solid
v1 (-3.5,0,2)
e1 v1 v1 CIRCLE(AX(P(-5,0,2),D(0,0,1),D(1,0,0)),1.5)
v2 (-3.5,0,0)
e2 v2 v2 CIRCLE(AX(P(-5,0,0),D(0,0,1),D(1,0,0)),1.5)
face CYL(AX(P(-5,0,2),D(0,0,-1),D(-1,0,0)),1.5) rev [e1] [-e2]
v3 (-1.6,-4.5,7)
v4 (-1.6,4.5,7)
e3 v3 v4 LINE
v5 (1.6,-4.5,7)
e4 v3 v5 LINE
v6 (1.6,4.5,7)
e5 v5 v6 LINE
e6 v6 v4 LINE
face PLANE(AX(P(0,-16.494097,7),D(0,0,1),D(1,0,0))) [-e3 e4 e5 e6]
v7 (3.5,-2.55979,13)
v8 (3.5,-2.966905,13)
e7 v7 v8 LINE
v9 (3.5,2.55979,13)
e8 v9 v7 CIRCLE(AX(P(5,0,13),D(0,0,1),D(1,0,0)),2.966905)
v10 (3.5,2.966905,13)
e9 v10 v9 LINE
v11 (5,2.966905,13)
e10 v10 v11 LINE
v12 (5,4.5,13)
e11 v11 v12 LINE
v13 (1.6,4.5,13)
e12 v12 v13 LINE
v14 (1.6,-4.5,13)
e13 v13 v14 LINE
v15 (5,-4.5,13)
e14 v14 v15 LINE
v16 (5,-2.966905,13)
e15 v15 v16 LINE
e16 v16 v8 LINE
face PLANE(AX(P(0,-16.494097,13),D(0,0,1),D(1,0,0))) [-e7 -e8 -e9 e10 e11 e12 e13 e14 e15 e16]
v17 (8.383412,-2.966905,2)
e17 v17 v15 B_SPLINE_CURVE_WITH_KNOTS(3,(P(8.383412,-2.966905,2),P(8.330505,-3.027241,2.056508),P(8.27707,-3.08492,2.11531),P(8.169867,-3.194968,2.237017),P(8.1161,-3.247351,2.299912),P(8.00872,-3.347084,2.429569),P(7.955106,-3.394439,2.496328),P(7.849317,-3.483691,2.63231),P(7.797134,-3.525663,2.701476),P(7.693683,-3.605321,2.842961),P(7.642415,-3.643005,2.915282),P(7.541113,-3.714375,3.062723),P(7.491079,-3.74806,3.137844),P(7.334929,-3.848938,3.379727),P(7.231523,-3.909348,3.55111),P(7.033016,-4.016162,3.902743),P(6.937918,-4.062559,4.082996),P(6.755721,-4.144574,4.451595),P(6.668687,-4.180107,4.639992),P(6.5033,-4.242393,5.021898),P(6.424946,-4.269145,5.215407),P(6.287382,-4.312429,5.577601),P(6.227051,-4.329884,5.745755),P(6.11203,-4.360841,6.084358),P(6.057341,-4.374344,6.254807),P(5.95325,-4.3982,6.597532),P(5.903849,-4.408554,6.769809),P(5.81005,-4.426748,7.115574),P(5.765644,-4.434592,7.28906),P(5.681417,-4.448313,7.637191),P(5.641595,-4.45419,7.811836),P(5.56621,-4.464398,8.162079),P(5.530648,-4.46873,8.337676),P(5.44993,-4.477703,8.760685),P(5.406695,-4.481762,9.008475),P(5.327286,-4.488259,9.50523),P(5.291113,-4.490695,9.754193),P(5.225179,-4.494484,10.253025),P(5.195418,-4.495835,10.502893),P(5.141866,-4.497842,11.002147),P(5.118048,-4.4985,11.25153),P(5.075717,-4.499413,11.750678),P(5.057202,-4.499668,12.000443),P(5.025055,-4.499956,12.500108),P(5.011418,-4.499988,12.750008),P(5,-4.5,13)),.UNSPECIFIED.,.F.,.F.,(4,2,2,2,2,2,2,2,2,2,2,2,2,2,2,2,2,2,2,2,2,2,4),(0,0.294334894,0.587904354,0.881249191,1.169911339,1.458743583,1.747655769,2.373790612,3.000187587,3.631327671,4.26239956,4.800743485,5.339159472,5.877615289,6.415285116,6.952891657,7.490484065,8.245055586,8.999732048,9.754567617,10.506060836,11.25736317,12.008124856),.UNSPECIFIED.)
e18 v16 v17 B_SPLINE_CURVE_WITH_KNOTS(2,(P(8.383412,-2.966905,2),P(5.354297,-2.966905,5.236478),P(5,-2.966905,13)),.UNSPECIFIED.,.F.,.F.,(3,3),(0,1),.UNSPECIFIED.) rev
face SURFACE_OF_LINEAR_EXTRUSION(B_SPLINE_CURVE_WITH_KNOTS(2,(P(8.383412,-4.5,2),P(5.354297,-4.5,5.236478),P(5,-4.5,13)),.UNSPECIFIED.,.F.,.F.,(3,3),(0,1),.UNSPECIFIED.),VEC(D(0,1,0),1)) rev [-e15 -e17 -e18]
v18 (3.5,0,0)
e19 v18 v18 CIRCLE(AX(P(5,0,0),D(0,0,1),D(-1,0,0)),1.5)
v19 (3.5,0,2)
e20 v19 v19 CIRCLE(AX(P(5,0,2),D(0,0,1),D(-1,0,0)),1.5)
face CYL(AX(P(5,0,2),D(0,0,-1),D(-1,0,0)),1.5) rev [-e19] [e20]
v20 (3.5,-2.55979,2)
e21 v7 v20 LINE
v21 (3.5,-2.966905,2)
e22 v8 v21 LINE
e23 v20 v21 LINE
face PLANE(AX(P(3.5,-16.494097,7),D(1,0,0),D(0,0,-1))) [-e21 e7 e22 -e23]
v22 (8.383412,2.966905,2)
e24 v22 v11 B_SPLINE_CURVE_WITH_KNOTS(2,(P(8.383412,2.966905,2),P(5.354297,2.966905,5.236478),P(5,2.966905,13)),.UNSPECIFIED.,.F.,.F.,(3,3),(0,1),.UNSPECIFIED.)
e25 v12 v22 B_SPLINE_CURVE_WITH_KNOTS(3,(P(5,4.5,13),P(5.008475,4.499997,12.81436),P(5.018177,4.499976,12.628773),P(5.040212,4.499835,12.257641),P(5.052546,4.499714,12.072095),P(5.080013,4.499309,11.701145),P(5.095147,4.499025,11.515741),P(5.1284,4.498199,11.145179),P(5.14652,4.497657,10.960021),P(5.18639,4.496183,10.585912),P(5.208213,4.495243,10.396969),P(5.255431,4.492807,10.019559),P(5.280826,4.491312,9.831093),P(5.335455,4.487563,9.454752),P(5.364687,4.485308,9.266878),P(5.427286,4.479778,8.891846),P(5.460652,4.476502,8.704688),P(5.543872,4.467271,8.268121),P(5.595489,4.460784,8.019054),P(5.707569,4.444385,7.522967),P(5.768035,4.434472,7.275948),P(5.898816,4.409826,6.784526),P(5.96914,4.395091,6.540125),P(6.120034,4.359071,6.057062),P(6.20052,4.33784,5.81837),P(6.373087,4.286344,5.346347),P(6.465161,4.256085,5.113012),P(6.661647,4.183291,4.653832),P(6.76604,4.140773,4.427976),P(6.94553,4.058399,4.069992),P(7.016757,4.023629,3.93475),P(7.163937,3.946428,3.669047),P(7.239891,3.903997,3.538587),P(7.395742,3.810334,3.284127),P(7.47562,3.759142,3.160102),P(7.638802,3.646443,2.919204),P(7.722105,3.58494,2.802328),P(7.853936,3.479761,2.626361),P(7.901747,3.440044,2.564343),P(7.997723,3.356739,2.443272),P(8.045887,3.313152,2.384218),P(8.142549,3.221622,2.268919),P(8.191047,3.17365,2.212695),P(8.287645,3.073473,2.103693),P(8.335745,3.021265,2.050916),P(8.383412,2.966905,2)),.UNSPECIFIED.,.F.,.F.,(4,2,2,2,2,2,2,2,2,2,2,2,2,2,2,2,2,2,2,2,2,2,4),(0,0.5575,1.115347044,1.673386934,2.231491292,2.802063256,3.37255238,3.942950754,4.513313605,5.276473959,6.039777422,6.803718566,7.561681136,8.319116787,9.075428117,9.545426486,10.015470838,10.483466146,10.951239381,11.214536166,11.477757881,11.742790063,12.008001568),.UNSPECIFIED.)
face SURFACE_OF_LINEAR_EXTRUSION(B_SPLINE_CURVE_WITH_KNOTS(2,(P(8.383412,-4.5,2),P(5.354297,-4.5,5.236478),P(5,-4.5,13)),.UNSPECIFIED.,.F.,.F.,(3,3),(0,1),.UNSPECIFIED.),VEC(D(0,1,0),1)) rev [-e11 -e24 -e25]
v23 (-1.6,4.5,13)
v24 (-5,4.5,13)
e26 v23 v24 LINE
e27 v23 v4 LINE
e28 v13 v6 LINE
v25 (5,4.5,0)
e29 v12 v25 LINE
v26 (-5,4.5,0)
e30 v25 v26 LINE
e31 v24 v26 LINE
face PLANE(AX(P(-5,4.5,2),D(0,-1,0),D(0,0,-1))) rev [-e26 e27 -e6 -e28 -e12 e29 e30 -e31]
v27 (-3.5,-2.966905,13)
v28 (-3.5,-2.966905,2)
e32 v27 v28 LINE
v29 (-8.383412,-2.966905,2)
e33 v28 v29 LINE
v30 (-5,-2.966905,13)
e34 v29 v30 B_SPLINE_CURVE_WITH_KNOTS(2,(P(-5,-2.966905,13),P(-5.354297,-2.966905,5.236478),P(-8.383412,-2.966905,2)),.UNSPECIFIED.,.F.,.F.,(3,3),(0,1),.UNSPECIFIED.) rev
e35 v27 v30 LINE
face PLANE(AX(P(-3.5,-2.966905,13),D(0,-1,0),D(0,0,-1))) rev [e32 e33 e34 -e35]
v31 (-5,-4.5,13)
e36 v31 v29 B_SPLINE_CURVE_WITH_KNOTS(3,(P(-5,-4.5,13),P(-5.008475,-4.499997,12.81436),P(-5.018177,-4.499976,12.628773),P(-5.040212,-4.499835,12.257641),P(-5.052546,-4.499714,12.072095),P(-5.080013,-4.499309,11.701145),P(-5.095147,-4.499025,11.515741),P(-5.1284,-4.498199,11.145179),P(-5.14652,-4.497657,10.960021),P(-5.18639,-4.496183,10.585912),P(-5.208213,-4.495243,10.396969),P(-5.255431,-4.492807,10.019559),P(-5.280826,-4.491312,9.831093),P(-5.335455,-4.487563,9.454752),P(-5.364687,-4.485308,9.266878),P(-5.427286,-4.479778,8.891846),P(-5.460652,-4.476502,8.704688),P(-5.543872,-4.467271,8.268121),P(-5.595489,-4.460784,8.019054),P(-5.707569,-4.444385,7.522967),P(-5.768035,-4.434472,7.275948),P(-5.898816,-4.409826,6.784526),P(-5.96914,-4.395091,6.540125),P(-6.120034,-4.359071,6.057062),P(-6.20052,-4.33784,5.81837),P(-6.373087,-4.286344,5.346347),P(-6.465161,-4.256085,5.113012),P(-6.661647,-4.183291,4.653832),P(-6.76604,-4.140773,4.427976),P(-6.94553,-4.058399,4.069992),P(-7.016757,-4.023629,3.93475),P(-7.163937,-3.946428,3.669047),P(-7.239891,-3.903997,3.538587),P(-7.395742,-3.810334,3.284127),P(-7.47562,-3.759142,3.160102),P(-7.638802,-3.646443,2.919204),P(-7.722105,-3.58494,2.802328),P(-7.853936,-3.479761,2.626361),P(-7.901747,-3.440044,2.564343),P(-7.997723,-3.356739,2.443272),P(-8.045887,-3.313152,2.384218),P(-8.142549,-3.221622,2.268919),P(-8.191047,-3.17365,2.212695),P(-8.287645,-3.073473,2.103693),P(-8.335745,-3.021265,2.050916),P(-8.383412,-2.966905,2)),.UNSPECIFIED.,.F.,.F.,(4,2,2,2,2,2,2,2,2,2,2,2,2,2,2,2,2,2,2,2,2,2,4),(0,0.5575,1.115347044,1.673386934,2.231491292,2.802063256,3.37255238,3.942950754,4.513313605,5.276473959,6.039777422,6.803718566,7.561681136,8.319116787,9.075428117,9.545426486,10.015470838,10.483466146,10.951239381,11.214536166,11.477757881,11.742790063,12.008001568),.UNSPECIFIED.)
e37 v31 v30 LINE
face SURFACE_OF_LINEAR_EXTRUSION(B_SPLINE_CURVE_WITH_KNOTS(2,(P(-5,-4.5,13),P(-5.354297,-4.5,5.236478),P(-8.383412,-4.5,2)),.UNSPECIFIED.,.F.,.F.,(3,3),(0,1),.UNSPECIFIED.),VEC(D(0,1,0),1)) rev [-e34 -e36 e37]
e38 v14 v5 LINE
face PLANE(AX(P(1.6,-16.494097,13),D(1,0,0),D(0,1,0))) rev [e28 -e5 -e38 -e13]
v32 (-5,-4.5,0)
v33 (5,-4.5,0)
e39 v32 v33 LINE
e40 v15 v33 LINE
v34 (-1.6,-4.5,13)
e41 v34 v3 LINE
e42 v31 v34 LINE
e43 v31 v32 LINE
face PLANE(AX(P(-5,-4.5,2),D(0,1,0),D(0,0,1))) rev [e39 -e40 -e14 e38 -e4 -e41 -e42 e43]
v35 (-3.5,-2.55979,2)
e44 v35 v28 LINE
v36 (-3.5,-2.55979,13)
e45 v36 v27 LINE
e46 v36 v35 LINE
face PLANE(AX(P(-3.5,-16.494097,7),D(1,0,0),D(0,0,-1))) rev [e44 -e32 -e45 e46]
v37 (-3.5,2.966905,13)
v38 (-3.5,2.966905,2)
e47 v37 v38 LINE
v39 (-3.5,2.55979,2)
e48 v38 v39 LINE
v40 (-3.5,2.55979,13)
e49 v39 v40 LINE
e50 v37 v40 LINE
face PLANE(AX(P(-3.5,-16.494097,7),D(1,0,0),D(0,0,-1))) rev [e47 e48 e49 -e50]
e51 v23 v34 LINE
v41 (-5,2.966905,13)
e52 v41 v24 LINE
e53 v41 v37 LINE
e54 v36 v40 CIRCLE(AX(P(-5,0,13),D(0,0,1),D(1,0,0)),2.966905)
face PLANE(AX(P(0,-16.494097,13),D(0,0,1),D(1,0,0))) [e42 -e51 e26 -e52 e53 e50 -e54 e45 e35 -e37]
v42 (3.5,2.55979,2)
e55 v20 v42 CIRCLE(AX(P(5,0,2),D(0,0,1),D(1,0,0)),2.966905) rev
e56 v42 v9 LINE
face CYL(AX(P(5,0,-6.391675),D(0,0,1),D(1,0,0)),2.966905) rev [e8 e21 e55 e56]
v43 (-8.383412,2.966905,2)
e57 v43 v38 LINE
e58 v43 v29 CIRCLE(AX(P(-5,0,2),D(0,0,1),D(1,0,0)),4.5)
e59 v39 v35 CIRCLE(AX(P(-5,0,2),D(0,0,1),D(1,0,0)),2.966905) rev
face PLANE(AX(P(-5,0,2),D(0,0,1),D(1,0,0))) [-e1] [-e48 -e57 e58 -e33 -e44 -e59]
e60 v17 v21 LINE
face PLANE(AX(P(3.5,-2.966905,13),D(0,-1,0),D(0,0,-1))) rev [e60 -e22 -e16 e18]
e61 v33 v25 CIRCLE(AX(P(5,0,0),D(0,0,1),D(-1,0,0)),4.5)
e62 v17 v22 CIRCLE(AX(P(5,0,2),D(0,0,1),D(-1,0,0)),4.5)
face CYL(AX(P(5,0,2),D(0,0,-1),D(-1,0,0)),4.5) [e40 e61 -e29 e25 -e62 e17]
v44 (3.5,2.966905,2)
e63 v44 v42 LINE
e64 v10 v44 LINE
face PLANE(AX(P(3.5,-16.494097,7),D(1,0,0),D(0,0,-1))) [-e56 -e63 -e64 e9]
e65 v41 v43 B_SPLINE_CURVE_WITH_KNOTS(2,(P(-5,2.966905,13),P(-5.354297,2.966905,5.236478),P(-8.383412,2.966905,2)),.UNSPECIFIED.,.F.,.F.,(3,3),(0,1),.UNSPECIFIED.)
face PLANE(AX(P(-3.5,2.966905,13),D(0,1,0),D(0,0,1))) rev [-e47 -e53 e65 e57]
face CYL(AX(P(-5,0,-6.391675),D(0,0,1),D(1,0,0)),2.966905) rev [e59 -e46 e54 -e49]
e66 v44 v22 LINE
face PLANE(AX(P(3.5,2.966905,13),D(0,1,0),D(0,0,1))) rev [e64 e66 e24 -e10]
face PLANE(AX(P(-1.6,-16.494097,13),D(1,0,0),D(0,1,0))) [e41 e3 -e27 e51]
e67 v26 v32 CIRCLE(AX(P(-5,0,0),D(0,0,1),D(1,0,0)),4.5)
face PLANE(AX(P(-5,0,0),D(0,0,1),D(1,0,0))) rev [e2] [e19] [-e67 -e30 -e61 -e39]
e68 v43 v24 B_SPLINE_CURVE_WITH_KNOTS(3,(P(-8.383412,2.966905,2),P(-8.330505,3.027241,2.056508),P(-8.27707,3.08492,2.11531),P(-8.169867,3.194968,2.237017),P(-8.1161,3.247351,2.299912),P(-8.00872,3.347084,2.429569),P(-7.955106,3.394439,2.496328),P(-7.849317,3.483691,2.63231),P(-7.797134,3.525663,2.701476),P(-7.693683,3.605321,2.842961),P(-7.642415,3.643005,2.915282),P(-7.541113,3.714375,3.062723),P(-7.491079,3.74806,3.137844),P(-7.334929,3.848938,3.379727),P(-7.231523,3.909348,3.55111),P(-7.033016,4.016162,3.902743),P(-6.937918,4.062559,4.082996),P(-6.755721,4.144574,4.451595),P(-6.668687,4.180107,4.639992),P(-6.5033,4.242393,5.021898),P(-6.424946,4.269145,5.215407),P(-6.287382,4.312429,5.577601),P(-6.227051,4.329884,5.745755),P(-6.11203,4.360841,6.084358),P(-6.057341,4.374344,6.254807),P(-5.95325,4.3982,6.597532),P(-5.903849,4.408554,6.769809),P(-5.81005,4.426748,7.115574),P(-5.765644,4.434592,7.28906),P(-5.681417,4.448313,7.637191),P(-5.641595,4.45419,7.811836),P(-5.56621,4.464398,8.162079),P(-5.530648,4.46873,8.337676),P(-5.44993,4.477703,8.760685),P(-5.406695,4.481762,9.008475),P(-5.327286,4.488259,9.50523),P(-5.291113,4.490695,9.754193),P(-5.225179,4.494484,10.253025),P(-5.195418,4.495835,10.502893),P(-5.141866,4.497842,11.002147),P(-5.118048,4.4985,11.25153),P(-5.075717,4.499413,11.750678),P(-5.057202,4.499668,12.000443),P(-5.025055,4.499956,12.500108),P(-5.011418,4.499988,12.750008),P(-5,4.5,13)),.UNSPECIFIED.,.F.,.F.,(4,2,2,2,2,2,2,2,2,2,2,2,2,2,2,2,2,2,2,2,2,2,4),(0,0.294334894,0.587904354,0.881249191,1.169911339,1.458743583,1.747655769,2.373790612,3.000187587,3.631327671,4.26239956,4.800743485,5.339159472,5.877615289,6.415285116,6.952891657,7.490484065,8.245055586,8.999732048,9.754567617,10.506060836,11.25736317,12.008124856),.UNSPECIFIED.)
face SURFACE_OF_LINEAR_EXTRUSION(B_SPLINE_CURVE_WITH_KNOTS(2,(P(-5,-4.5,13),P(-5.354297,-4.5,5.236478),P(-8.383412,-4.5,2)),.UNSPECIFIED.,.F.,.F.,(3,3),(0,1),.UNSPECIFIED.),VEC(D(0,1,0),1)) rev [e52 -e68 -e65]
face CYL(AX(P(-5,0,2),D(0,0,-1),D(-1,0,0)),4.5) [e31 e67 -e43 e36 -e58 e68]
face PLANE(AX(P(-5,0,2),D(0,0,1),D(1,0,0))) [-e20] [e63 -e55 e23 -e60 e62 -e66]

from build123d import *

# Parameters (mm, degrees)
SKETCH1_R               = 1.5
BOSS_EXTRUDE1_DEPTH     = 2
SKETCH2_W               = 7
SKETCH2_H               = 9
BOSS_EXTRUDE2_DEPTH     = 5
SKETCH2_3_W             = 1.9
SKETCH2_3_H             = 9
BOSS_EXTRUDE3_DEPTH     = 11
BOSS_EXTRUDE4_DEPTH     = 11
CUT_EXTRUDE1_DEPTH      = 17.718253497
CUT_EXTRUDE1_DEPTH_BACK = 17.718253497
SKETCH5_R               = 2.966905055
CUT_EXTRUDE2_DEPTH      = 11


with BuildPart() as part:
    # Sketch1 → Boss-Extrude1 (new body)
    with BuildSketch(Plane.XY):
        with BuildLine():
            Line((-5, 4.5), (5, 4.5))
            ThreePointArc((5, 4.5), (9.5, 0), (5, -4.5))
            Line((5, -4.5), (-5, -4.5))
            ThreePointArc((-5, -4.5), (-9.5, 0), (-5, 4.5))
        make_face()
        with Locations((-5, 0)):
            Circle(SKETCH1_R, mode=Mode.SUBTRACT)
        with Locations(Location((5, 0, 0), (0, 0, 180))):
            Circle(SKETCH1_R, mode=Mode.SUBTRACT)
    extrude(amount=BOSS_EXTRUDE1_DEPTH)

    # Sketch2 → Boss-Extrude2 (add)
    with BuildSketch(Plane.XY.offset(2)):
        Rectangle(SKETCH2_W, SKETCH2_H)
    extrude(amount=BOSS_EXTRUDE2_DEPTH)

    # Sketch2<3> → Boss-Extrude3 (add)
    with BuildSketch(Plane.XY.offset(2)):
        with Locations((-2.55, 0)):
            Rectangle(SKETCH2_3_W, SKETCH2_3_H)
        with Locations((2.55, 0)):
            Rectangle(SKETCH2_3_W, SKETCH2_3_H)
    extrude(amount=BOSS_EXTRUDE3_DEPTH)

    # Sketch3 → Boss-Extrude4 (add)
    with BuildSketch(Plane.XY.offset(2)):
        with BuildLine():
            Line((-3.5, 4.5), (-5, 4.5))
            ThreePointArc((-5, 4.5), (-6.85727317, 4.098845737), (-8.38341165, 2.966905055))
            Line((-8.38341165, 2.966905055), (-3.5, 2.966905055))
            Line((-3.5, 2.966905055), (-3.5, 4.5))
        make_face()
        with BuildLine():
            Line((-3.5, -2.966905055), (-8.38341165, -2.966905055))
            ThreePointArc((-8.38341165, -2.966905055), (-6.85727317, -4.098845737), (-5, -4.5))
            Line((-5, -4.5), (-3.5, -4.5))
            Line((-3.5, -4.5), (-3.5, -2.966905055))
        make_face()
        with BuildLine():
            Line((3.5, -4.5), (5, -4.5))
            ThreePointArc((5, -4.5), (6.85727317, -4.098845737), (8.38341165, -2.966905055))
            Line((8.38341165, -2.966905055), (3.5, -2.966905055))
            Line((3.5, -2.966905055), (3.5, -4.5))
        make_face()
        with BuildLine():
            Line((3.5, 2.966905055), (8.38341165, 2.966905055))
            ThreePointArc((8.38341165, 2.966905055), (6.85727317, 4.098845737), (5, 4.5))
            Line((5, 4.5), (3.5, 4.5))
            Line((3.5, 4.5), (3.5, 2.966905055))
        make_face()
    extrude(amount=BOSS_EXTRUDE4_DEPTH)

    # Sketch4 → Cut-Extrude1 (cut, two sides: drawn at the far end of the back side and taken through both)
    with BuildSketch(Plane(origin=(0, 0, 0), x_dir=(1, 0, 0), z_dir=(0, 1, 0)).offset(-CUT_EXTRUDE1_DEPTH_BACK)):
        with BuildLine():
            Line((-8.38341165, -2), (-12.296417953, -13.182835844))
            Line((-12.296417953, -13.182835844), (-6.078905494, -14.351094555))
            Line((-6.078905494, -14.351094555), (-5, -13))
            add(Edge.make_bspline(
                [(-8.38341165, -2), (-5.354296854, -5.236477868), (-5, -13)],
                knots=[0, 0, 0, 1, 1, 1], degree=2))
        make_face()
        with BuildLine():
            Line((5, -13), (8.38341165, -14.707512466))
            Line((8.38341165, -14.707512466), (10.514328395, -13.974875648))
            Line((10.514328395, -13.974875648), (8.38341165, -2))
            add(Edge.make_bspline(
                [(8.38341165, -2), (5.354296854, -5.236477868), (5, -13)],
                knots=[0, 0, 0, 1, 1, 1], degree=2))
        make_face()
    extrude(amount=CUT_EXTRUDE1_DEPTH + CUT_EXTRUDE1_DEPTH_BACK, mode=Mode.SUBTRACT)

    # Sketch5 → Cut-Extrude2 (cut)
    with BuildSketch(Plane.XY.offset(13)):
        with Locations((-5, 0)):
            Circle(SKETCH5_R)
        with Locations((5, 0)):
            Circle(SKETCH5_R)
    extrude(amount=-CUT_EXTRUDE2_DEPTH, mode=Mode.SUBTRACT)


solid = part.part
